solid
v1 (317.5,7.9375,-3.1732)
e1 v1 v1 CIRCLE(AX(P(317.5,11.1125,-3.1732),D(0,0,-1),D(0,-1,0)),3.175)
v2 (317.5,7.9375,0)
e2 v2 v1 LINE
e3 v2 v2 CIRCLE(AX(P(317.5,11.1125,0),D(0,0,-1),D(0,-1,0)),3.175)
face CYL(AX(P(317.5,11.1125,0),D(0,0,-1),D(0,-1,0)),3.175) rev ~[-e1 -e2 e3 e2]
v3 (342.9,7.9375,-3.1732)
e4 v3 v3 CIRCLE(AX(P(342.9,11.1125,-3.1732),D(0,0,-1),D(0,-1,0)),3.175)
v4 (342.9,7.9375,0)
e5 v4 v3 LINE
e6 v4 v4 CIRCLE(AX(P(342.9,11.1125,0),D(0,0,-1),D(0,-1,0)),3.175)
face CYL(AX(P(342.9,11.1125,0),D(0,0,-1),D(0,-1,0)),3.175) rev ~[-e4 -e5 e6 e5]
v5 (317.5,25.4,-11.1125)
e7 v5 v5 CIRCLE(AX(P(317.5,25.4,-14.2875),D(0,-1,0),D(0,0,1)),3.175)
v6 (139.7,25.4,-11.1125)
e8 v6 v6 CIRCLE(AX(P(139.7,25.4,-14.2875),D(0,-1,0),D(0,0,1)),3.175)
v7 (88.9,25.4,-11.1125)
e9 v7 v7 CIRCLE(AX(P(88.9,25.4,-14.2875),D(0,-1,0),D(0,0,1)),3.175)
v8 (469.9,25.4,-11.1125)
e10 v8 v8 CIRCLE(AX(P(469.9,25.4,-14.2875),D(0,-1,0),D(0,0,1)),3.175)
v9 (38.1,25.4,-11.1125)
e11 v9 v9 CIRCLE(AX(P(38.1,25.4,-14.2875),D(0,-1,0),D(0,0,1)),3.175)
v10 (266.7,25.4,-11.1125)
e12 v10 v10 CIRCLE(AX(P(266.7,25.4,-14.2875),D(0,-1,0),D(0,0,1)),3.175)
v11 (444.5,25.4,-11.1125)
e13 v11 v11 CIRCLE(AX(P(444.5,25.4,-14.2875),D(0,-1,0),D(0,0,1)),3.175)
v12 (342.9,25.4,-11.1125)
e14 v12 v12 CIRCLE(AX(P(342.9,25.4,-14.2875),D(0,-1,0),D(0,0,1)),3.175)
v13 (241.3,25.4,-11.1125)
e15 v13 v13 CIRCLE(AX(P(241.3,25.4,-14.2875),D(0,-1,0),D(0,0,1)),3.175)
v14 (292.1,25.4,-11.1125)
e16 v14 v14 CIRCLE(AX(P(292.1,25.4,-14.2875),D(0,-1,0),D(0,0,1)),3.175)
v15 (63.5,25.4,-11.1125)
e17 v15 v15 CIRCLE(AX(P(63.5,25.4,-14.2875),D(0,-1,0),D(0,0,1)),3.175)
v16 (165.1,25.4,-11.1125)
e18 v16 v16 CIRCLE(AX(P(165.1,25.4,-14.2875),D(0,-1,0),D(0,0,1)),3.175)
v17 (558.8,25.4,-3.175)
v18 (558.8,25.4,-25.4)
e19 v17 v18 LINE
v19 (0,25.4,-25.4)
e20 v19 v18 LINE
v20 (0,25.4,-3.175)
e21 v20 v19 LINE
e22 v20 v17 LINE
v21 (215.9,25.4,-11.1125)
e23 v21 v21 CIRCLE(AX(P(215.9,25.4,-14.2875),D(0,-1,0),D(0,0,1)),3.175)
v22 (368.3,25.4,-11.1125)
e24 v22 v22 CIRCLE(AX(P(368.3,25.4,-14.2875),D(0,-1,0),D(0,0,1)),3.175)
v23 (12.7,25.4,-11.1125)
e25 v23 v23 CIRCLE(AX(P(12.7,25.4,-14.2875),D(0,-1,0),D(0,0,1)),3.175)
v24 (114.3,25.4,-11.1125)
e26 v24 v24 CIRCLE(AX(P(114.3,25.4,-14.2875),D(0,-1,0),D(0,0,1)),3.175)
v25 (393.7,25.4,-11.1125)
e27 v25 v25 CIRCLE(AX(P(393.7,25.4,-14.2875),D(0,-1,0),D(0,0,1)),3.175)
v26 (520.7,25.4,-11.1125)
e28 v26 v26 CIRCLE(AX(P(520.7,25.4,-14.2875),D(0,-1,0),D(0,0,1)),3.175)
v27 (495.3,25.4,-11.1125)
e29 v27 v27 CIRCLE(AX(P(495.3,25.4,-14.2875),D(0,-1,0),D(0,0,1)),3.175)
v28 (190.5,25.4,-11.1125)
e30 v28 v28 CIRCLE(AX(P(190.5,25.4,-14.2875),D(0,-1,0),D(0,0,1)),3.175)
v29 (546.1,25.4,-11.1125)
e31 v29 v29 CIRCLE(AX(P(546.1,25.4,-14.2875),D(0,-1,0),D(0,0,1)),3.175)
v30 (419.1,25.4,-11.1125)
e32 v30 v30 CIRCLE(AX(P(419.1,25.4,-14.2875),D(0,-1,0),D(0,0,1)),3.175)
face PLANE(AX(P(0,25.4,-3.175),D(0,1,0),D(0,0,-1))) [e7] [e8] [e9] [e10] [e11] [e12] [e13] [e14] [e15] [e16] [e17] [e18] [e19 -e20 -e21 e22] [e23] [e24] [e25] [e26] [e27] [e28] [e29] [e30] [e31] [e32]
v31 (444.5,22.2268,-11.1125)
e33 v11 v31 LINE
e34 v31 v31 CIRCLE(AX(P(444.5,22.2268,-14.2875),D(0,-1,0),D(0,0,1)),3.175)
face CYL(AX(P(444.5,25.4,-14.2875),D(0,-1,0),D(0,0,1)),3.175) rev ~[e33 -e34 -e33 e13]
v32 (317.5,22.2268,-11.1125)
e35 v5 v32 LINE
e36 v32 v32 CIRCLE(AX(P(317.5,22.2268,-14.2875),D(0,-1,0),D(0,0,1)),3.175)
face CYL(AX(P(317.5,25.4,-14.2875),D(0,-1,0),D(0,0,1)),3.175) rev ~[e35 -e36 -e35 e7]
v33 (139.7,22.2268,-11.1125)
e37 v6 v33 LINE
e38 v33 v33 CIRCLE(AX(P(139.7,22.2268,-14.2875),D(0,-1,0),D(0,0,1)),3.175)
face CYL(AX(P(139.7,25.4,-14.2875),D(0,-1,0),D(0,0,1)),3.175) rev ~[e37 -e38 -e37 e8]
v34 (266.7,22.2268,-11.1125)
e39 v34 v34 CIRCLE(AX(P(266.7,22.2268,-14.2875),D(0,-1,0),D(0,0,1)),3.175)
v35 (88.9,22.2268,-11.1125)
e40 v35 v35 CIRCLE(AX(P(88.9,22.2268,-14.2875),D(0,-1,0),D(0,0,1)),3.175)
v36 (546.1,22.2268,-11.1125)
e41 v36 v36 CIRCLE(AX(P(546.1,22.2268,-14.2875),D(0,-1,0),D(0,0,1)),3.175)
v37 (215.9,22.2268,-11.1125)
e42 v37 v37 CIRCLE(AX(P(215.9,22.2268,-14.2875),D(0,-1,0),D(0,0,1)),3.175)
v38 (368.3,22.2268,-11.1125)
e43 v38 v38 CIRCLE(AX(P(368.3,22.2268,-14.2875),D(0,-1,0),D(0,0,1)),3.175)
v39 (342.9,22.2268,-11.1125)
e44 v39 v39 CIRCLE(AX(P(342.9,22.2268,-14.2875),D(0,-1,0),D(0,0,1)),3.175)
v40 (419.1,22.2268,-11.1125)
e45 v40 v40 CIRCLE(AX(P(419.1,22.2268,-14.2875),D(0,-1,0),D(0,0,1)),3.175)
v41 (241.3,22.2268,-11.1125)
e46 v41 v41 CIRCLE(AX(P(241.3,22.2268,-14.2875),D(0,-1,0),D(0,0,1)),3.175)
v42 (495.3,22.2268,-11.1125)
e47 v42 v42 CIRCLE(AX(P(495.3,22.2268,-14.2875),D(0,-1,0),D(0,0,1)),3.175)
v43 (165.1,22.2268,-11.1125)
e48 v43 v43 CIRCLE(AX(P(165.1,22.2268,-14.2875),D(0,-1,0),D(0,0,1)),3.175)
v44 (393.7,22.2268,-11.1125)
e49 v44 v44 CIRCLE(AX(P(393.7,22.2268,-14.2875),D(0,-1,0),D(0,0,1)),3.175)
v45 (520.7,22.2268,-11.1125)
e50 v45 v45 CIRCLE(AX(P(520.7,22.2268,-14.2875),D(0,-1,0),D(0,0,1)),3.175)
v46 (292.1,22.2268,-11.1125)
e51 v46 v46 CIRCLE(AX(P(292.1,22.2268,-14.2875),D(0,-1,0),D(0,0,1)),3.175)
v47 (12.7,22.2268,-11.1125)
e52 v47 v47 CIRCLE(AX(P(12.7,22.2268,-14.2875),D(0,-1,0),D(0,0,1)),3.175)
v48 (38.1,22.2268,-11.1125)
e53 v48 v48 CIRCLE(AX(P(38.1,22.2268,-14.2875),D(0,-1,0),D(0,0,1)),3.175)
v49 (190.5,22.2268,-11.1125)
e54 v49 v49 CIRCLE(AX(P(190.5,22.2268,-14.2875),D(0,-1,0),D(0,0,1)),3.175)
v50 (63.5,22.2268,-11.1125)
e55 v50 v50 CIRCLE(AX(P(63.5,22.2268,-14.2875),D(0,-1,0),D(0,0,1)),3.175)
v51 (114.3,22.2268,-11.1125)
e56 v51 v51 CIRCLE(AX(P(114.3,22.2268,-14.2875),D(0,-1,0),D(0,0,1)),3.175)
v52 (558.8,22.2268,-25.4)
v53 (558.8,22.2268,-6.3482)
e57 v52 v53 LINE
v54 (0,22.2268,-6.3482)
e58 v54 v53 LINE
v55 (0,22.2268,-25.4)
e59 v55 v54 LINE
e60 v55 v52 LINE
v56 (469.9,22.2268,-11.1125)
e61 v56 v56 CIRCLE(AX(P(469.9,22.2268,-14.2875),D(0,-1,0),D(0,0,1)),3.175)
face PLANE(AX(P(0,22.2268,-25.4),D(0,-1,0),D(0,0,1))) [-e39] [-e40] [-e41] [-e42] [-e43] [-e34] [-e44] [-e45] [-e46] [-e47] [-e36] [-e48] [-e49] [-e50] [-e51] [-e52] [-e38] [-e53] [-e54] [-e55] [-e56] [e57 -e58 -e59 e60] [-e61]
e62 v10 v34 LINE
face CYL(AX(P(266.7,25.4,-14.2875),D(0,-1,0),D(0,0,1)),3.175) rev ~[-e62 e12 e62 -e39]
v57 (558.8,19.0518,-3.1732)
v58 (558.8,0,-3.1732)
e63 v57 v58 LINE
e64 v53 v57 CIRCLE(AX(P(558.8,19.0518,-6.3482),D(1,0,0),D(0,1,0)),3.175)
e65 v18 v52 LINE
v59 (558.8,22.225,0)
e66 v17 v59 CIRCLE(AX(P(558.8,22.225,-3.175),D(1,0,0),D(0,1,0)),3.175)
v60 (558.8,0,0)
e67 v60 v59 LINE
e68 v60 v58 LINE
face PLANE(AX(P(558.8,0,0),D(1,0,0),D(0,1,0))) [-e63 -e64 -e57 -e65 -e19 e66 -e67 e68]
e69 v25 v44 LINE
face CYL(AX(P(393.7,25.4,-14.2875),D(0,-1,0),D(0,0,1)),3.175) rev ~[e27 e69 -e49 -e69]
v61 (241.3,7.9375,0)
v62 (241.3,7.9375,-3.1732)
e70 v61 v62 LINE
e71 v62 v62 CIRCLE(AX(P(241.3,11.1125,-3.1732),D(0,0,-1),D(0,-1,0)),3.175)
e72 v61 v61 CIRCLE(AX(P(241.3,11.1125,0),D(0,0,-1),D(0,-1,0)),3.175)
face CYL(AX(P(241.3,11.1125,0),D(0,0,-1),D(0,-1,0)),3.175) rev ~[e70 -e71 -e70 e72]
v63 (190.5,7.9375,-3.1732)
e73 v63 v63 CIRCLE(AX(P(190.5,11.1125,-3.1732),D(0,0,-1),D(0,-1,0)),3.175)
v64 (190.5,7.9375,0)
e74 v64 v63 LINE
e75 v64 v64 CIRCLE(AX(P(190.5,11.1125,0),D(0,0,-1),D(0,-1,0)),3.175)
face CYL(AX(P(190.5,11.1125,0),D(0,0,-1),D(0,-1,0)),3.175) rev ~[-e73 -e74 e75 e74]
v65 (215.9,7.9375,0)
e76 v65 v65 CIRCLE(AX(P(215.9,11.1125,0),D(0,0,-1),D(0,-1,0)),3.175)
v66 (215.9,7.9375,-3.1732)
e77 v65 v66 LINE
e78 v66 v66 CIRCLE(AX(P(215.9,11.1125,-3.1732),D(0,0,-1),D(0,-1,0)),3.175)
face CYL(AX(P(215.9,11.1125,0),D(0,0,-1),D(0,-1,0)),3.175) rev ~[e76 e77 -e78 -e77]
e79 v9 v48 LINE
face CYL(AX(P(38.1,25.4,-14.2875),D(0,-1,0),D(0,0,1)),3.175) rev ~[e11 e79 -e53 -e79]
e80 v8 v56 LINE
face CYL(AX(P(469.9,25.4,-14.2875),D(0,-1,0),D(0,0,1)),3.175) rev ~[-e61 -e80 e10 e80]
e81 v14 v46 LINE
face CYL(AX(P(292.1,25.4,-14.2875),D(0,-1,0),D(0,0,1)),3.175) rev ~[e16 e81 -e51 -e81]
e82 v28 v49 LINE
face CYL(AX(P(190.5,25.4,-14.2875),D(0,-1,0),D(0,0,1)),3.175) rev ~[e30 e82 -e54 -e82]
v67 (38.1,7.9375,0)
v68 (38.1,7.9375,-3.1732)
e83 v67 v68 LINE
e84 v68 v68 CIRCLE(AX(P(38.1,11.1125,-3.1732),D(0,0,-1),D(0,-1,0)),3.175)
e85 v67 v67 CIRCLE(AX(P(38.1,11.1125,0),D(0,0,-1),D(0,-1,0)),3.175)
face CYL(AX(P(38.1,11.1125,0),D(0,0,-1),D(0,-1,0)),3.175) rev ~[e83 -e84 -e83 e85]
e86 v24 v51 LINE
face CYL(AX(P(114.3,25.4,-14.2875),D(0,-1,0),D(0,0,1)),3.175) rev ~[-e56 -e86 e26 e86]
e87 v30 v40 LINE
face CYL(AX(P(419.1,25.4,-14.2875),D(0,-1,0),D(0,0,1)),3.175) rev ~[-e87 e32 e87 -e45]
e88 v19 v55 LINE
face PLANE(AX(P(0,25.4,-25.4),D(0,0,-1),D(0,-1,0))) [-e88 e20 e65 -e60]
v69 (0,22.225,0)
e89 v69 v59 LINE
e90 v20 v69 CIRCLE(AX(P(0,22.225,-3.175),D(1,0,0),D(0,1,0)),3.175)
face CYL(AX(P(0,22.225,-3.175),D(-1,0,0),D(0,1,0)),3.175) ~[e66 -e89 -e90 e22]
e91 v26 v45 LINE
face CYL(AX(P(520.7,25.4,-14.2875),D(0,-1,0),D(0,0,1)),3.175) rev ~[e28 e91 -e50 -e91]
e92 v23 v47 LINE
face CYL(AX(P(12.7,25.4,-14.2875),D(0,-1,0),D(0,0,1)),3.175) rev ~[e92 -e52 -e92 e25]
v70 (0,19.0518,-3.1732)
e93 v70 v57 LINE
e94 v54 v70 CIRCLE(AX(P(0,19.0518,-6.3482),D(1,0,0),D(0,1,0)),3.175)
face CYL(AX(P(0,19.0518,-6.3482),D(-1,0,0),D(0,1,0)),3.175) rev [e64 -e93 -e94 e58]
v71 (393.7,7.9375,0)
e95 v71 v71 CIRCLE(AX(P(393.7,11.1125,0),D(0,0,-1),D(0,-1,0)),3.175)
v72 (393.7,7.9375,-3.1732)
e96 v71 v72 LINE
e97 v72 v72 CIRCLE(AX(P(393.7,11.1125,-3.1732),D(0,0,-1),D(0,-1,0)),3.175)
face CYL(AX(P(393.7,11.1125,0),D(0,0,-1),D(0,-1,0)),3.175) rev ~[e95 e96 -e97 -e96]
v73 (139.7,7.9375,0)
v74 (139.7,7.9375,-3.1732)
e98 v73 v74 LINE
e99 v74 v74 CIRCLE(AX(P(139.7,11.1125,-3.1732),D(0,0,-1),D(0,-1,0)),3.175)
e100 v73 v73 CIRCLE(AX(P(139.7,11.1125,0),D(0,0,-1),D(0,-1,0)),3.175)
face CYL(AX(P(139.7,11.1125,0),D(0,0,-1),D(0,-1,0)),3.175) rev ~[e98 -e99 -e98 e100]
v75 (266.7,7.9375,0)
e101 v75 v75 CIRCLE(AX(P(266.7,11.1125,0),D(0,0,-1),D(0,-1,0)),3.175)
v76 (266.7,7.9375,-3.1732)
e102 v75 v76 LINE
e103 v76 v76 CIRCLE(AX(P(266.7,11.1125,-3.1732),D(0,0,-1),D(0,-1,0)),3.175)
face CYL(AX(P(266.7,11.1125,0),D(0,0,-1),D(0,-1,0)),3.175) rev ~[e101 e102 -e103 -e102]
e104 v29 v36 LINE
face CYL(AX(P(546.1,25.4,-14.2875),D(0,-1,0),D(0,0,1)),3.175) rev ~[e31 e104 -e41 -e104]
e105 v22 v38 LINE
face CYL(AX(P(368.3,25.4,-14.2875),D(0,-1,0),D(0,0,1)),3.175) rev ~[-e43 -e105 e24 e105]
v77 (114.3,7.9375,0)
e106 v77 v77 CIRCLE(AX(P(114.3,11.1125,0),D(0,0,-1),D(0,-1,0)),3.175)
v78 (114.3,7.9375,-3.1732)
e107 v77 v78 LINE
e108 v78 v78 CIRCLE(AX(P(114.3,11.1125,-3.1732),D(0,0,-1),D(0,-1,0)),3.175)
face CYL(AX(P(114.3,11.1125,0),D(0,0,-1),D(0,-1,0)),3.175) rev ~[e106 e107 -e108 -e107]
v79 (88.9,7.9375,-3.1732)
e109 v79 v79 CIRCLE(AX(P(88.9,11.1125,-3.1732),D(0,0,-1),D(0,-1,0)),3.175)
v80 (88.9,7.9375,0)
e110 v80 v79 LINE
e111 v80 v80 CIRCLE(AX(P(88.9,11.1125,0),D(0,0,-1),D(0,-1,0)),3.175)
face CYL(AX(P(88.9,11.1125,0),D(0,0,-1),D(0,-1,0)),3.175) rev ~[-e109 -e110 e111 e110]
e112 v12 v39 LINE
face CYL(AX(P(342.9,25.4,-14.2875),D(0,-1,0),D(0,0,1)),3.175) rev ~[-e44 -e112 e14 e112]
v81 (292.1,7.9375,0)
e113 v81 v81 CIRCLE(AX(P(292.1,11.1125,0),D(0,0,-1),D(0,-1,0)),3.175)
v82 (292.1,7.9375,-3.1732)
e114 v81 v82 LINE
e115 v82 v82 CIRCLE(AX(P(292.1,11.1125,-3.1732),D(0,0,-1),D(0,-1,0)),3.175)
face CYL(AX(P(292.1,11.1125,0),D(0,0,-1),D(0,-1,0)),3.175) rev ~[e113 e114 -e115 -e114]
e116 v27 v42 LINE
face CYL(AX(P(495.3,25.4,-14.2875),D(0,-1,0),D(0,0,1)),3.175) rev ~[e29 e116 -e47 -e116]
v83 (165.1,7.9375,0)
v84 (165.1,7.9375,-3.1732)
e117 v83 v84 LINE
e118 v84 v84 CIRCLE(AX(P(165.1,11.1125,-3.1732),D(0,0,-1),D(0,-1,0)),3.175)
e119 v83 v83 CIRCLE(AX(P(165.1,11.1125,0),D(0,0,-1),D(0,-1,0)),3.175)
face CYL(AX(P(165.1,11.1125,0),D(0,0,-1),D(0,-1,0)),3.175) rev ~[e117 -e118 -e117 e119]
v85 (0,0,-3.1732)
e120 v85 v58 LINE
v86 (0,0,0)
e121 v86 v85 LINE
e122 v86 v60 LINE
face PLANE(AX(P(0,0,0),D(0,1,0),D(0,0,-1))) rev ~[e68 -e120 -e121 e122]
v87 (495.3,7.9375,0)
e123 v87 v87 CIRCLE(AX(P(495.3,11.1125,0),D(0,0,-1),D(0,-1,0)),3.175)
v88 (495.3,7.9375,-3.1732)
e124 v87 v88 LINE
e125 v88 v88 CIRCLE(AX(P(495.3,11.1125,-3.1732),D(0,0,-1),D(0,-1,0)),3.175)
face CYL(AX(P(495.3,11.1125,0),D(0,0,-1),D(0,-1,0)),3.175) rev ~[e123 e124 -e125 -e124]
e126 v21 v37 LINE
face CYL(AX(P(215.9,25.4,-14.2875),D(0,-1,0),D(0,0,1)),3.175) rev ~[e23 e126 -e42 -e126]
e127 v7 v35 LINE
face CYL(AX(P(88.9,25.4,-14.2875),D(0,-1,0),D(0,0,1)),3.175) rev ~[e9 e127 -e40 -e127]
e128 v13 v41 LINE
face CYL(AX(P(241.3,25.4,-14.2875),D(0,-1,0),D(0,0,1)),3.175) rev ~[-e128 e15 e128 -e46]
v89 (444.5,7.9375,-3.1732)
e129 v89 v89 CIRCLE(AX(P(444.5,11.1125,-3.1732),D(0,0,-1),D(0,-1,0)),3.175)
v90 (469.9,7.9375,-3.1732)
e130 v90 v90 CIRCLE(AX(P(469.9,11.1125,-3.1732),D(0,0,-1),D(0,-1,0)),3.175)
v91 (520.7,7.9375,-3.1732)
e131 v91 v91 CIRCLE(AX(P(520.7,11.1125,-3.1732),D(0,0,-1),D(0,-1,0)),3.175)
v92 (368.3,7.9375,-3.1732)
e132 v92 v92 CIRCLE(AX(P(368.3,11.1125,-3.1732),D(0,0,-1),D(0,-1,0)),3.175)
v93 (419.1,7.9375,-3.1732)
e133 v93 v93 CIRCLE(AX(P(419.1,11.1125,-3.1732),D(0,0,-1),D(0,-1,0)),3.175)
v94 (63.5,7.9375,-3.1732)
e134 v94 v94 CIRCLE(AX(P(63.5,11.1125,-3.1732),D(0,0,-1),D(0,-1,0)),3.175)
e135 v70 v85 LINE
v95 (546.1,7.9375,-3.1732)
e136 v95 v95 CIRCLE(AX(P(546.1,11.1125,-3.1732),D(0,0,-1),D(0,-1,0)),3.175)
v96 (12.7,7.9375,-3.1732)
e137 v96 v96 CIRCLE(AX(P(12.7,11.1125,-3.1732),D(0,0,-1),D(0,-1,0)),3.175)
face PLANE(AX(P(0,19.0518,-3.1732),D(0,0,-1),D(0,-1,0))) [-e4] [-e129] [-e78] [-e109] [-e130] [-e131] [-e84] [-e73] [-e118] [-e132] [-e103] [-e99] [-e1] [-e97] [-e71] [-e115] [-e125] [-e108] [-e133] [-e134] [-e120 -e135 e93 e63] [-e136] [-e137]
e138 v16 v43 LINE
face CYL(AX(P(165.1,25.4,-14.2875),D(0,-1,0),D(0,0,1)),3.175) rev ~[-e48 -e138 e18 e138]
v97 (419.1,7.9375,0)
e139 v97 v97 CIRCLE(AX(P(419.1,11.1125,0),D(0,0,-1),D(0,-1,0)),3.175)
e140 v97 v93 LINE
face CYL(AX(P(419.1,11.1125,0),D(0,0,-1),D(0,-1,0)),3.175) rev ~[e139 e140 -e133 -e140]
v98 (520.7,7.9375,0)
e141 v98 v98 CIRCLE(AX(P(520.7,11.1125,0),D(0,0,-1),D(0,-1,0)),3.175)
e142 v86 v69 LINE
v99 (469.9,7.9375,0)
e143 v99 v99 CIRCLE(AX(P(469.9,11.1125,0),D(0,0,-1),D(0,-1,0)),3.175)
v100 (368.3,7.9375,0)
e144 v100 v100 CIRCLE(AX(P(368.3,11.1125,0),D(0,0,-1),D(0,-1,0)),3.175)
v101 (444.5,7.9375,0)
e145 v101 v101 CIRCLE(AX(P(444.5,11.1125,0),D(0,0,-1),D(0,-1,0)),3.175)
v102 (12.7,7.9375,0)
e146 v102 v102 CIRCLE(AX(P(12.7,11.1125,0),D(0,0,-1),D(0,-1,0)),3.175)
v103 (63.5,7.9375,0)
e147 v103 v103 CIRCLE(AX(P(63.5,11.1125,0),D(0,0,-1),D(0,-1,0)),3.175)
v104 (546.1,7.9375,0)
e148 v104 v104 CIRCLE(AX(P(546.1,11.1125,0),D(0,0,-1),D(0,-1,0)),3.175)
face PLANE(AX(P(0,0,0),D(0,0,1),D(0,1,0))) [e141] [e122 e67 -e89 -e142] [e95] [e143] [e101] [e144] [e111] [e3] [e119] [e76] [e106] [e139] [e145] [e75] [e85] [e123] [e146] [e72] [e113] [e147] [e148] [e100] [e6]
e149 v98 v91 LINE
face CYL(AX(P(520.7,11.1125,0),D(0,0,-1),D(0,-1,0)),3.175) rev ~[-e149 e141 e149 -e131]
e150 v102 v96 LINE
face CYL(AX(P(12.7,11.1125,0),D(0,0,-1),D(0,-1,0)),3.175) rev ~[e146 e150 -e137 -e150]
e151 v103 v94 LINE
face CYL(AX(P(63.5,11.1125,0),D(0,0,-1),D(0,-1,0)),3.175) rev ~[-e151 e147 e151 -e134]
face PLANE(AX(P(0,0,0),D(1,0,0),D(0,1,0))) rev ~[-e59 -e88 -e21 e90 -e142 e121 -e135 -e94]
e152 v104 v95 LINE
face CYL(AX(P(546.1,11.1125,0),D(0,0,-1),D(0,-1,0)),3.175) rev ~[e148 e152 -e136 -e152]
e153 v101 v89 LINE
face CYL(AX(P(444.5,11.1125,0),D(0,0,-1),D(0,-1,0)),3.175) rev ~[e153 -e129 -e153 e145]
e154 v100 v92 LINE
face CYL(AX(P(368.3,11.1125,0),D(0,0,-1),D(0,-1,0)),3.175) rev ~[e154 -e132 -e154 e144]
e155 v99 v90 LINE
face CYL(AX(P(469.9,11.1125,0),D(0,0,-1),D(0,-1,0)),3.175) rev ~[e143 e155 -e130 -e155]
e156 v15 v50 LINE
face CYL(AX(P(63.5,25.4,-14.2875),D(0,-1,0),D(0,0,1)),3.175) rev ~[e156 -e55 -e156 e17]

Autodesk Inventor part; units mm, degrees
ref_plane "YZ Plane" through (0, 0, 0) normal (1, 0, 0) x (0, 1, 0)
ref_plane "XZ Plane" through (0, 0, 0) normal (0, 1, 0) x (-1, 0, 0)
ref_plane "XY Plane" through (0, 0, 0) normal (0, 0, 1) x (1, 0, 0)
sketch "Sketch1" plane through (0, 0, 0) normal (1, 0, 0) x (0, 1, 0)
  line L0 (0, 0) -> (22.225, 0)
  line L1 (25.4, -3.175) -> (25.4, -25.4)
  line L2 (22.2268, -25.4) -> (22.2268, -6.3482)
  line L3 (19.0518, -3.1732) -> (0, -3.1732)
  line L4 (25.4, -25.4) -> (22.2268, -25.4)
  line L5 (0, 0) -> (0, -3.1732)
  arc A0 (25.4, -3.175) -> (22.225, 0) centre (22.225, -3.175) ccw
  arc A1 (22.2268, -6.3482) -> (19.0518, -3.1732) centre (19.0518, -6.3482) ccw
  point P0 (25.4, 0)
  dimension "d0" = 25.4
  dimension "d1" = 25.4
  dimension "d2" = 3.175
extrude "Extrusion1" add sketch "Sketch1" along normal blind 558.8
sketch "Sketch2" plane through (0, 0, 0) normal (0, 0, 1) x (1, 0, 0)
  line L0 (0, 0) -> (0, 22.225) projected
  circle A0 centre (12.7, 11.1125) radius 1.9225
  dimension "d5" = 12.7
hole "Hole1" at (12.7, 11.1125, 0) direction (0, 0, -1) diameter 6.35 end through all
pattern_linear "Rectangular Pattern1" count 24 spacing 25.4 along (1, 0, 0) of "Hole1"
sketch "Sketch3" plane through (0, 25.4, -3.175) normal (0, 1, 0) x (1, 0, 0)
  line L0 (0, 0) -> (0, 22.225) projected
  circle A0 centre (12.7, 11.1125) radius 5.2364
  point P0 (0, -3.175)
  dimension "d16" = 12.7
hole "Hole2" at (12.7, 25.4, -14.2875) direction (0, -1, 0) diameter 6.35 end through all
pattern_linear "Rectangular Pattern2" count 24 spacing 25.4 along (1, 0, 0) of "Hole2"
properties part number "frame_angle_horiz" material "Steel, Mild"
